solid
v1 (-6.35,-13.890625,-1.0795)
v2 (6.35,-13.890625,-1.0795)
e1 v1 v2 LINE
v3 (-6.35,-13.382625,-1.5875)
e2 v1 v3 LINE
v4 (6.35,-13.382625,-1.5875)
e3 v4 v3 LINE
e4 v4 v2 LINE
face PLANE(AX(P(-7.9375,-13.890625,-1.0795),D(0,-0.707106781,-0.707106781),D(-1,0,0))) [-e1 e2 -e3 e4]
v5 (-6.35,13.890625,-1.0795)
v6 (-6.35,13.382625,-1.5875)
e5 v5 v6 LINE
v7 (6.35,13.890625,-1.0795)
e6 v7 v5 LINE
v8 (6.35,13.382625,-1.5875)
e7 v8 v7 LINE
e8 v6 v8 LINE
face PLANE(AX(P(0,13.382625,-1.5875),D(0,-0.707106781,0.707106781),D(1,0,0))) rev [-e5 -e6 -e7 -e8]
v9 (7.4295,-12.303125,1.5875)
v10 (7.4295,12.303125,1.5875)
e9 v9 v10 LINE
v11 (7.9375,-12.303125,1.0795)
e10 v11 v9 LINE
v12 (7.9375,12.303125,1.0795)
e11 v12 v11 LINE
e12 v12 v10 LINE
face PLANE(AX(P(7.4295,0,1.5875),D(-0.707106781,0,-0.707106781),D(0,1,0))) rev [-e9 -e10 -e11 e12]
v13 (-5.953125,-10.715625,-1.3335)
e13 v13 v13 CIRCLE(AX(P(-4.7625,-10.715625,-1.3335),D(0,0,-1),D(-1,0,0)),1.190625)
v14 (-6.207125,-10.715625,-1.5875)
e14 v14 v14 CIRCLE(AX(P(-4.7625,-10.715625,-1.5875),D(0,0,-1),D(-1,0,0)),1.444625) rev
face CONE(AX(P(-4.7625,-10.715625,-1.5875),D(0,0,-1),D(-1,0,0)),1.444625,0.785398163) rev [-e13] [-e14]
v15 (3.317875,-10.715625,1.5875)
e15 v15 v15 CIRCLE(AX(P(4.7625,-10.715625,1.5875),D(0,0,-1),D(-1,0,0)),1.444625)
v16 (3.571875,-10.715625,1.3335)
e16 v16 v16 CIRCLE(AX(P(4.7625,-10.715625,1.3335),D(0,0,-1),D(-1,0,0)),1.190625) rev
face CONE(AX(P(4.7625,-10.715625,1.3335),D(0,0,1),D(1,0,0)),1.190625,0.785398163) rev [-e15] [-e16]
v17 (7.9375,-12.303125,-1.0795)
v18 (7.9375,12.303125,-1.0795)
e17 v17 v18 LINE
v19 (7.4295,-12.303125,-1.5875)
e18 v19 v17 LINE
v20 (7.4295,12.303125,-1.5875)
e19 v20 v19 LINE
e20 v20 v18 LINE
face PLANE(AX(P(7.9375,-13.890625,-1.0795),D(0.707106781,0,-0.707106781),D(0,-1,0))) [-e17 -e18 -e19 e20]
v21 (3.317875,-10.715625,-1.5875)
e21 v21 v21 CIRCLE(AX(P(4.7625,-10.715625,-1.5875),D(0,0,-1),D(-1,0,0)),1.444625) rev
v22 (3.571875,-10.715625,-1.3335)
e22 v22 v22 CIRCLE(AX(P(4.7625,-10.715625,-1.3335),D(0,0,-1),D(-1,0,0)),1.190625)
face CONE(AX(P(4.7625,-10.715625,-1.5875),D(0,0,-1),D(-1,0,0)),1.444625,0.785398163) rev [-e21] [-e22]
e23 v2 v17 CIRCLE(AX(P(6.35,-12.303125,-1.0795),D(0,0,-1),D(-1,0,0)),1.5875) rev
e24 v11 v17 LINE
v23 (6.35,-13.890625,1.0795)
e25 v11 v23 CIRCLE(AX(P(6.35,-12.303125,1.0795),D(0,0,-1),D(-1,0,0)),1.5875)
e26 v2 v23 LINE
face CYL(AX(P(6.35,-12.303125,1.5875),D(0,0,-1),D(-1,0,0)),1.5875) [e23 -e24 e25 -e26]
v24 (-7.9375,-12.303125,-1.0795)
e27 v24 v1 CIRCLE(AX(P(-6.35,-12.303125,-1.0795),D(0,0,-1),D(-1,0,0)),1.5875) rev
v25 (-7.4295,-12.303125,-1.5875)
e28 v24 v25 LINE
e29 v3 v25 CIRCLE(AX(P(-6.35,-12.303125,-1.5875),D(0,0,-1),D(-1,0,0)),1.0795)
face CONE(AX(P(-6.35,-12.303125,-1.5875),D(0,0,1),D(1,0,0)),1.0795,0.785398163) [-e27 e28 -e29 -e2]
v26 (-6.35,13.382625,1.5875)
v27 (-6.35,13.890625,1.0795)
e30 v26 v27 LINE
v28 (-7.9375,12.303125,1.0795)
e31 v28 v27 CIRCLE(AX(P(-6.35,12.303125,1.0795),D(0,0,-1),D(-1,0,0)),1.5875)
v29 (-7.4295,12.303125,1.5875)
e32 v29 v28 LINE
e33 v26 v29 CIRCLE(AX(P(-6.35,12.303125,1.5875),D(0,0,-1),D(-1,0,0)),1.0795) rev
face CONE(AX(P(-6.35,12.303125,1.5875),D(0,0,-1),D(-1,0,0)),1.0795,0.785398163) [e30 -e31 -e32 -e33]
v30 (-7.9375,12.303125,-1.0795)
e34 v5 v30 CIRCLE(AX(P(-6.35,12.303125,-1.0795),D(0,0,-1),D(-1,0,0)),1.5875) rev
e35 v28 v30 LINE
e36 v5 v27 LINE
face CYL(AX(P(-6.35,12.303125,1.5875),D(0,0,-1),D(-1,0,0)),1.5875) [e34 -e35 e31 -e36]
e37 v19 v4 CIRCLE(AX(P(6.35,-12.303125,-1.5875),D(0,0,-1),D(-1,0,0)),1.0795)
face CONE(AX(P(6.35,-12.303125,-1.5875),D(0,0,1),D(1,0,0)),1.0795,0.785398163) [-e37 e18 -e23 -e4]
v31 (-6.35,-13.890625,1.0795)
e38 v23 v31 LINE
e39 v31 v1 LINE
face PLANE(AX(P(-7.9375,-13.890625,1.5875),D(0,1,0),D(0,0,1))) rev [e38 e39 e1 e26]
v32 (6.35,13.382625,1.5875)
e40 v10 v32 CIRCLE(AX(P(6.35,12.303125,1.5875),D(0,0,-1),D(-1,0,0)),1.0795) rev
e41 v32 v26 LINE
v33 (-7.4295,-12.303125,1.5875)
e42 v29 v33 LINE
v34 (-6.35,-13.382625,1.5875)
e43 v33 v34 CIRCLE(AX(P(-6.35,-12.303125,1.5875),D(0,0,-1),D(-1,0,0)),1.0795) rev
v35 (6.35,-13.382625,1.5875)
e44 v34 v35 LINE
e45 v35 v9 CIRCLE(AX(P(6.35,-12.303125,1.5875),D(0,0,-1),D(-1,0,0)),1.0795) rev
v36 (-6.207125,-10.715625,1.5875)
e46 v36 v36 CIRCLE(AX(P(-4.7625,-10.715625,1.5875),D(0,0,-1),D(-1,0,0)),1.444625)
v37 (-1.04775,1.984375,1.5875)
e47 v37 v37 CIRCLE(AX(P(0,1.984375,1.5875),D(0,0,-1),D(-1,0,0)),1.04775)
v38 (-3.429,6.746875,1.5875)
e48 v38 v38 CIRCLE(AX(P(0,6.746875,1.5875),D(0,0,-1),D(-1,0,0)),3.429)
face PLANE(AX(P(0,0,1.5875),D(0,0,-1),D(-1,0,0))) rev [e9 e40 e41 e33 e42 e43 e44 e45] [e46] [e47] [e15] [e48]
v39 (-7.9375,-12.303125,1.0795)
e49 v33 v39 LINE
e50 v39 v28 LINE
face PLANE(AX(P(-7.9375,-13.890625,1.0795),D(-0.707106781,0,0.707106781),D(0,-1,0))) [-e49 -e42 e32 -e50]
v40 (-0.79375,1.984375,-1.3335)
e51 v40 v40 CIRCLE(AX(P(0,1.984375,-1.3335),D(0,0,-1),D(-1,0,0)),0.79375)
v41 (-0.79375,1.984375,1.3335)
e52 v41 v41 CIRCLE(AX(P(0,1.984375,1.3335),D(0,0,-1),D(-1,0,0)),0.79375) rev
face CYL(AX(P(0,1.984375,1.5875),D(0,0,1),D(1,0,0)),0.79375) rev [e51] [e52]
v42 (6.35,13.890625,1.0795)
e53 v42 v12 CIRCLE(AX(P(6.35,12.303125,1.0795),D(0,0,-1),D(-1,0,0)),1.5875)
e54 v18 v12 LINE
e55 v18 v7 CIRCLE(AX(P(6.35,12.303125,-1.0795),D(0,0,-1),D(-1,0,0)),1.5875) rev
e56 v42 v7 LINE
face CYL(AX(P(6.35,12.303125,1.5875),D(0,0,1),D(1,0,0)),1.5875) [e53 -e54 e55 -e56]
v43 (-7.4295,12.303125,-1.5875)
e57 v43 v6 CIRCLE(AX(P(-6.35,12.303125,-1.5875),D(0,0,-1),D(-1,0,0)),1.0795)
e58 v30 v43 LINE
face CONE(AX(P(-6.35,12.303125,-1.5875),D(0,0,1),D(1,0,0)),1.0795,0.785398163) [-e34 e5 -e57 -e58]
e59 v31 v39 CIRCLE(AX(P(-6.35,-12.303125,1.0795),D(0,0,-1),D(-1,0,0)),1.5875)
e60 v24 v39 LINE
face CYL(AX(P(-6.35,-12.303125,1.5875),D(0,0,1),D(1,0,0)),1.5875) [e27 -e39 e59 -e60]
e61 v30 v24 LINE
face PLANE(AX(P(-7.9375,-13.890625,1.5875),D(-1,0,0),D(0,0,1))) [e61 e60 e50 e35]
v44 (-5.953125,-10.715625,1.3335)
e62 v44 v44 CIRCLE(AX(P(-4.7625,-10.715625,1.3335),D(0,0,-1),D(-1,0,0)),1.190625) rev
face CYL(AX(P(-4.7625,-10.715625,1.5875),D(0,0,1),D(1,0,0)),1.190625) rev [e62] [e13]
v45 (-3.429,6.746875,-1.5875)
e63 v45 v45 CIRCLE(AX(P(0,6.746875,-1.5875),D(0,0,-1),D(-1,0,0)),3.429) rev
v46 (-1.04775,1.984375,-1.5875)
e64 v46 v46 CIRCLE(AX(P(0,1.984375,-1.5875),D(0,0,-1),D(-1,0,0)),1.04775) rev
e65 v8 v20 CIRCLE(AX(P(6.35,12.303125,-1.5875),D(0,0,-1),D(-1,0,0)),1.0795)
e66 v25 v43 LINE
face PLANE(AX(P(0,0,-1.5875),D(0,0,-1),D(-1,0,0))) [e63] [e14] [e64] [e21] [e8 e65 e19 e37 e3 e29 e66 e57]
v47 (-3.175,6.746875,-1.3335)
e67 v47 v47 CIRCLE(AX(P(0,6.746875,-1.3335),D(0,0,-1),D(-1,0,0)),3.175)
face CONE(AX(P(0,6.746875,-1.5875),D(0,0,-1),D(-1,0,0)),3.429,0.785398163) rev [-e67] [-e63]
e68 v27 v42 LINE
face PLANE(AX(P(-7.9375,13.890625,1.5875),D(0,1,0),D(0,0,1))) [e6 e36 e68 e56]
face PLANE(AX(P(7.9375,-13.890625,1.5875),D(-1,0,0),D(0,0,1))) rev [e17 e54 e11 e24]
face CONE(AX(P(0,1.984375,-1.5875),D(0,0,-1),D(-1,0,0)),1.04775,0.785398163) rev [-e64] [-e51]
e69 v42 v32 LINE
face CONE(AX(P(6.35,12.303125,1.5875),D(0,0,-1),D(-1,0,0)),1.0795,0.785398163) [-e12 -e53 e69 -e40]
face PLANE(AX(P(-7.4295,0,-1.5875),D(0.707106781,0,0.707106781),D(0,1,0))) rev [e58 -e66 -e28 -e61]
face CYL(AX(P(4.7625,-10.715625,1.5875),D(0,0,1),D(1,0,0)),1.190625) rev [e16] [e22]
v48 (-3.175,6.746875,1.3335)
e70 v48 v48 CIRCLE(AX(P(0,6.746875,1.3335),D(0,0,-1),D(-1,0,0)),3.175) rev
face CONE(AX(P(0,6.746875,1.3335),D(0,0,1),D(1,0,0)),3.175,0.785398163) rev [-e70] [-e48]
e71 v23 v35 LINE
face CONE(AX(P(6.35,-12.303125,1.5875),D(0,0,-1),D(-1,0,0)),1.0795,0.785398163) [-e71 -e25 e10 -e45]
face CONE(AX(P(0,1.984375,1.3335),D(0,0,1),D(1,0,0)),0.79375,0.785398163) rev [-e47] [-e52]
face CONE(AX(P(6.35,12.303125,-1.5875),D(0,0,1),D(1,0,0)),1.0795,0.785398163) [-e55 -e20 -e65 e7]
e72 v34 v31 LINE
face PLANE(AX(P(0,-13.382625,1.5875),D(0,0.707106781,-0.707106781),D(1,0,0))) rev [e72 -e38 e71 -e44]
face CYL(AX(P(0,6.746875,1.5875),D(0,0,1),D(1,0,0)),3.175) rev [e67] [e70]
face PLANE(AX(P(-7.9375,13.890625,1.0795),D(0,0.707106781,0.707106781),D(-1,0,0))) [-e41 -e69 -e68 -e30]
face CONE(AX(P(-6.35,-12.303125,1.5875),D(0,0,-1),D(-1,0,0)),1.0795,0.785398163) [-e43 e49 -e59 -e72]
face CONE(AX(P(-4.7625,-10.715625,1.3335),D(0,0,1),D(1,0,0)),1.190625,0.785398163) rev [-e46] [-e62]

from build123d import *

# Parameters (mm, degrees)
SKETCH1_W                       = 15.875
SKETCH1_H                       = 27.78125
BOSS_EXTRUDE1_DEPTH             = 1.5875
F_3_32_0_09375_DIAMETER_HOLE1_D = 2.38125
F_1_4_0_25_DIAMETER_HOLE1_D     = 6.35
F_1_16_0_0625_DIAMETER_HOLE1_D  = 1.5875
FILLET1_R                       = 1.5875
CHAMFER1_SIZE                   = 0.508
CHAMFER2_SIZE                   = 0.254


with BuildPart() as part:
    # Sketch1 → Boss-Extrude1 (new body, symmetric)
    with BuildSketch(Plane.XY):
        Rectangle(SKETCH1_W, SKETCH1_H)
    extrude(amount=BOSS_EXTRUDE1_DEPTH, both=True)

    # 3/32 (0.09375) Diameter Hole1 (through all)
    with Locations(Plane.XY.offset(1.5875)):
        with Locations((-4.7625, -10.715625), (4.7625, -10.715625)):
            Hole(F_3_32_0_09375_DIAMETER_HOLE1_D / 2)

    # 1/4 (0.25) Diameter Hole1 (through all)
    with Locations(Plane.XY.offset(1.5875)):
        with Locations((0, 6.746875)):
            Hole(F_1_4_0_25_DIAMETER_HOLE1_D / 2)

    # 1/16 (0.0625) Diameter Hole1 (through all)
    with Locations(Plane.XY.offset(1.5875)):
        with Locations((0, 1.984375)):
            Hole(F_1_16_0_0625_DIAMETER_HOLE1_D / 2)

    # Fillet1
    fillet1_edges = [part.edges().sort_by_distance(p)[0] for p in [
        (-7.9375, -13.890625, 0),
        (7.9375, -13.890625, 0),
        (7.9375, 13.890625, 0),
        (-7.9375, 13.890625, 0),
    ]]
    fillet(fillet1_edges, radius=FILLET1_R)

    # Chamfer1
    chamfer1_edges = [part.edges().sort_by_distance(p)[0] for p in [
        (7.9375, 0, -1.5875),
        (7.9375, 0, 1.5875),
        (-7.9375, 0, -1.5875),
        (0, 13.890625, -1.5875),
        (0, -13.890625, -1.5875),
        (7.472532015, 13.425657015, -1.5875),
        (-7.472532015, 13.425657015, -1.5875),
        (-7.472532015, -13.425657015, -1.5875),
        (7.472532015, -13.425657015, -1.5875),
        (0, -13.890625, 1.5875),
        (-7.9375, 0, 1.5875),
        (0, 13.890625, 1.5875),
        (7.472532015, 13.425657015, 1.5875),
        (-7.472532015, 13.425657015, 1.5875),
        (-7.472532015, -13.425657015, 1.5875),
        (7.472532015, -13.425657015, 1.5875),
    ]]
    chamfer(chamfer1_edges, length=CHAMFER1_SIZE)

    # Chamfer2
    chamfer2_edges = [part.edges().sort_by_distance(p)[0] for p in [
        (5.953125, -10.715625, 1.5875),
        (5.953125, -10.715625, -1.5875),
        (-3.571875, -10.715625, 1.5875),
        (-3.571875, -10.715625, -1.5875),
        (3.175, 6.746875, 1.5875),
        (3.175, 6.746875, -1.5875),
        (0.79375, 1.984375, 1.5875),
        (0.79375, 1.984375, -1.5875),
    ]]
    chamfer(chamfer2_edges, length=CHAMFER2_SIZE)


solid = part.part
